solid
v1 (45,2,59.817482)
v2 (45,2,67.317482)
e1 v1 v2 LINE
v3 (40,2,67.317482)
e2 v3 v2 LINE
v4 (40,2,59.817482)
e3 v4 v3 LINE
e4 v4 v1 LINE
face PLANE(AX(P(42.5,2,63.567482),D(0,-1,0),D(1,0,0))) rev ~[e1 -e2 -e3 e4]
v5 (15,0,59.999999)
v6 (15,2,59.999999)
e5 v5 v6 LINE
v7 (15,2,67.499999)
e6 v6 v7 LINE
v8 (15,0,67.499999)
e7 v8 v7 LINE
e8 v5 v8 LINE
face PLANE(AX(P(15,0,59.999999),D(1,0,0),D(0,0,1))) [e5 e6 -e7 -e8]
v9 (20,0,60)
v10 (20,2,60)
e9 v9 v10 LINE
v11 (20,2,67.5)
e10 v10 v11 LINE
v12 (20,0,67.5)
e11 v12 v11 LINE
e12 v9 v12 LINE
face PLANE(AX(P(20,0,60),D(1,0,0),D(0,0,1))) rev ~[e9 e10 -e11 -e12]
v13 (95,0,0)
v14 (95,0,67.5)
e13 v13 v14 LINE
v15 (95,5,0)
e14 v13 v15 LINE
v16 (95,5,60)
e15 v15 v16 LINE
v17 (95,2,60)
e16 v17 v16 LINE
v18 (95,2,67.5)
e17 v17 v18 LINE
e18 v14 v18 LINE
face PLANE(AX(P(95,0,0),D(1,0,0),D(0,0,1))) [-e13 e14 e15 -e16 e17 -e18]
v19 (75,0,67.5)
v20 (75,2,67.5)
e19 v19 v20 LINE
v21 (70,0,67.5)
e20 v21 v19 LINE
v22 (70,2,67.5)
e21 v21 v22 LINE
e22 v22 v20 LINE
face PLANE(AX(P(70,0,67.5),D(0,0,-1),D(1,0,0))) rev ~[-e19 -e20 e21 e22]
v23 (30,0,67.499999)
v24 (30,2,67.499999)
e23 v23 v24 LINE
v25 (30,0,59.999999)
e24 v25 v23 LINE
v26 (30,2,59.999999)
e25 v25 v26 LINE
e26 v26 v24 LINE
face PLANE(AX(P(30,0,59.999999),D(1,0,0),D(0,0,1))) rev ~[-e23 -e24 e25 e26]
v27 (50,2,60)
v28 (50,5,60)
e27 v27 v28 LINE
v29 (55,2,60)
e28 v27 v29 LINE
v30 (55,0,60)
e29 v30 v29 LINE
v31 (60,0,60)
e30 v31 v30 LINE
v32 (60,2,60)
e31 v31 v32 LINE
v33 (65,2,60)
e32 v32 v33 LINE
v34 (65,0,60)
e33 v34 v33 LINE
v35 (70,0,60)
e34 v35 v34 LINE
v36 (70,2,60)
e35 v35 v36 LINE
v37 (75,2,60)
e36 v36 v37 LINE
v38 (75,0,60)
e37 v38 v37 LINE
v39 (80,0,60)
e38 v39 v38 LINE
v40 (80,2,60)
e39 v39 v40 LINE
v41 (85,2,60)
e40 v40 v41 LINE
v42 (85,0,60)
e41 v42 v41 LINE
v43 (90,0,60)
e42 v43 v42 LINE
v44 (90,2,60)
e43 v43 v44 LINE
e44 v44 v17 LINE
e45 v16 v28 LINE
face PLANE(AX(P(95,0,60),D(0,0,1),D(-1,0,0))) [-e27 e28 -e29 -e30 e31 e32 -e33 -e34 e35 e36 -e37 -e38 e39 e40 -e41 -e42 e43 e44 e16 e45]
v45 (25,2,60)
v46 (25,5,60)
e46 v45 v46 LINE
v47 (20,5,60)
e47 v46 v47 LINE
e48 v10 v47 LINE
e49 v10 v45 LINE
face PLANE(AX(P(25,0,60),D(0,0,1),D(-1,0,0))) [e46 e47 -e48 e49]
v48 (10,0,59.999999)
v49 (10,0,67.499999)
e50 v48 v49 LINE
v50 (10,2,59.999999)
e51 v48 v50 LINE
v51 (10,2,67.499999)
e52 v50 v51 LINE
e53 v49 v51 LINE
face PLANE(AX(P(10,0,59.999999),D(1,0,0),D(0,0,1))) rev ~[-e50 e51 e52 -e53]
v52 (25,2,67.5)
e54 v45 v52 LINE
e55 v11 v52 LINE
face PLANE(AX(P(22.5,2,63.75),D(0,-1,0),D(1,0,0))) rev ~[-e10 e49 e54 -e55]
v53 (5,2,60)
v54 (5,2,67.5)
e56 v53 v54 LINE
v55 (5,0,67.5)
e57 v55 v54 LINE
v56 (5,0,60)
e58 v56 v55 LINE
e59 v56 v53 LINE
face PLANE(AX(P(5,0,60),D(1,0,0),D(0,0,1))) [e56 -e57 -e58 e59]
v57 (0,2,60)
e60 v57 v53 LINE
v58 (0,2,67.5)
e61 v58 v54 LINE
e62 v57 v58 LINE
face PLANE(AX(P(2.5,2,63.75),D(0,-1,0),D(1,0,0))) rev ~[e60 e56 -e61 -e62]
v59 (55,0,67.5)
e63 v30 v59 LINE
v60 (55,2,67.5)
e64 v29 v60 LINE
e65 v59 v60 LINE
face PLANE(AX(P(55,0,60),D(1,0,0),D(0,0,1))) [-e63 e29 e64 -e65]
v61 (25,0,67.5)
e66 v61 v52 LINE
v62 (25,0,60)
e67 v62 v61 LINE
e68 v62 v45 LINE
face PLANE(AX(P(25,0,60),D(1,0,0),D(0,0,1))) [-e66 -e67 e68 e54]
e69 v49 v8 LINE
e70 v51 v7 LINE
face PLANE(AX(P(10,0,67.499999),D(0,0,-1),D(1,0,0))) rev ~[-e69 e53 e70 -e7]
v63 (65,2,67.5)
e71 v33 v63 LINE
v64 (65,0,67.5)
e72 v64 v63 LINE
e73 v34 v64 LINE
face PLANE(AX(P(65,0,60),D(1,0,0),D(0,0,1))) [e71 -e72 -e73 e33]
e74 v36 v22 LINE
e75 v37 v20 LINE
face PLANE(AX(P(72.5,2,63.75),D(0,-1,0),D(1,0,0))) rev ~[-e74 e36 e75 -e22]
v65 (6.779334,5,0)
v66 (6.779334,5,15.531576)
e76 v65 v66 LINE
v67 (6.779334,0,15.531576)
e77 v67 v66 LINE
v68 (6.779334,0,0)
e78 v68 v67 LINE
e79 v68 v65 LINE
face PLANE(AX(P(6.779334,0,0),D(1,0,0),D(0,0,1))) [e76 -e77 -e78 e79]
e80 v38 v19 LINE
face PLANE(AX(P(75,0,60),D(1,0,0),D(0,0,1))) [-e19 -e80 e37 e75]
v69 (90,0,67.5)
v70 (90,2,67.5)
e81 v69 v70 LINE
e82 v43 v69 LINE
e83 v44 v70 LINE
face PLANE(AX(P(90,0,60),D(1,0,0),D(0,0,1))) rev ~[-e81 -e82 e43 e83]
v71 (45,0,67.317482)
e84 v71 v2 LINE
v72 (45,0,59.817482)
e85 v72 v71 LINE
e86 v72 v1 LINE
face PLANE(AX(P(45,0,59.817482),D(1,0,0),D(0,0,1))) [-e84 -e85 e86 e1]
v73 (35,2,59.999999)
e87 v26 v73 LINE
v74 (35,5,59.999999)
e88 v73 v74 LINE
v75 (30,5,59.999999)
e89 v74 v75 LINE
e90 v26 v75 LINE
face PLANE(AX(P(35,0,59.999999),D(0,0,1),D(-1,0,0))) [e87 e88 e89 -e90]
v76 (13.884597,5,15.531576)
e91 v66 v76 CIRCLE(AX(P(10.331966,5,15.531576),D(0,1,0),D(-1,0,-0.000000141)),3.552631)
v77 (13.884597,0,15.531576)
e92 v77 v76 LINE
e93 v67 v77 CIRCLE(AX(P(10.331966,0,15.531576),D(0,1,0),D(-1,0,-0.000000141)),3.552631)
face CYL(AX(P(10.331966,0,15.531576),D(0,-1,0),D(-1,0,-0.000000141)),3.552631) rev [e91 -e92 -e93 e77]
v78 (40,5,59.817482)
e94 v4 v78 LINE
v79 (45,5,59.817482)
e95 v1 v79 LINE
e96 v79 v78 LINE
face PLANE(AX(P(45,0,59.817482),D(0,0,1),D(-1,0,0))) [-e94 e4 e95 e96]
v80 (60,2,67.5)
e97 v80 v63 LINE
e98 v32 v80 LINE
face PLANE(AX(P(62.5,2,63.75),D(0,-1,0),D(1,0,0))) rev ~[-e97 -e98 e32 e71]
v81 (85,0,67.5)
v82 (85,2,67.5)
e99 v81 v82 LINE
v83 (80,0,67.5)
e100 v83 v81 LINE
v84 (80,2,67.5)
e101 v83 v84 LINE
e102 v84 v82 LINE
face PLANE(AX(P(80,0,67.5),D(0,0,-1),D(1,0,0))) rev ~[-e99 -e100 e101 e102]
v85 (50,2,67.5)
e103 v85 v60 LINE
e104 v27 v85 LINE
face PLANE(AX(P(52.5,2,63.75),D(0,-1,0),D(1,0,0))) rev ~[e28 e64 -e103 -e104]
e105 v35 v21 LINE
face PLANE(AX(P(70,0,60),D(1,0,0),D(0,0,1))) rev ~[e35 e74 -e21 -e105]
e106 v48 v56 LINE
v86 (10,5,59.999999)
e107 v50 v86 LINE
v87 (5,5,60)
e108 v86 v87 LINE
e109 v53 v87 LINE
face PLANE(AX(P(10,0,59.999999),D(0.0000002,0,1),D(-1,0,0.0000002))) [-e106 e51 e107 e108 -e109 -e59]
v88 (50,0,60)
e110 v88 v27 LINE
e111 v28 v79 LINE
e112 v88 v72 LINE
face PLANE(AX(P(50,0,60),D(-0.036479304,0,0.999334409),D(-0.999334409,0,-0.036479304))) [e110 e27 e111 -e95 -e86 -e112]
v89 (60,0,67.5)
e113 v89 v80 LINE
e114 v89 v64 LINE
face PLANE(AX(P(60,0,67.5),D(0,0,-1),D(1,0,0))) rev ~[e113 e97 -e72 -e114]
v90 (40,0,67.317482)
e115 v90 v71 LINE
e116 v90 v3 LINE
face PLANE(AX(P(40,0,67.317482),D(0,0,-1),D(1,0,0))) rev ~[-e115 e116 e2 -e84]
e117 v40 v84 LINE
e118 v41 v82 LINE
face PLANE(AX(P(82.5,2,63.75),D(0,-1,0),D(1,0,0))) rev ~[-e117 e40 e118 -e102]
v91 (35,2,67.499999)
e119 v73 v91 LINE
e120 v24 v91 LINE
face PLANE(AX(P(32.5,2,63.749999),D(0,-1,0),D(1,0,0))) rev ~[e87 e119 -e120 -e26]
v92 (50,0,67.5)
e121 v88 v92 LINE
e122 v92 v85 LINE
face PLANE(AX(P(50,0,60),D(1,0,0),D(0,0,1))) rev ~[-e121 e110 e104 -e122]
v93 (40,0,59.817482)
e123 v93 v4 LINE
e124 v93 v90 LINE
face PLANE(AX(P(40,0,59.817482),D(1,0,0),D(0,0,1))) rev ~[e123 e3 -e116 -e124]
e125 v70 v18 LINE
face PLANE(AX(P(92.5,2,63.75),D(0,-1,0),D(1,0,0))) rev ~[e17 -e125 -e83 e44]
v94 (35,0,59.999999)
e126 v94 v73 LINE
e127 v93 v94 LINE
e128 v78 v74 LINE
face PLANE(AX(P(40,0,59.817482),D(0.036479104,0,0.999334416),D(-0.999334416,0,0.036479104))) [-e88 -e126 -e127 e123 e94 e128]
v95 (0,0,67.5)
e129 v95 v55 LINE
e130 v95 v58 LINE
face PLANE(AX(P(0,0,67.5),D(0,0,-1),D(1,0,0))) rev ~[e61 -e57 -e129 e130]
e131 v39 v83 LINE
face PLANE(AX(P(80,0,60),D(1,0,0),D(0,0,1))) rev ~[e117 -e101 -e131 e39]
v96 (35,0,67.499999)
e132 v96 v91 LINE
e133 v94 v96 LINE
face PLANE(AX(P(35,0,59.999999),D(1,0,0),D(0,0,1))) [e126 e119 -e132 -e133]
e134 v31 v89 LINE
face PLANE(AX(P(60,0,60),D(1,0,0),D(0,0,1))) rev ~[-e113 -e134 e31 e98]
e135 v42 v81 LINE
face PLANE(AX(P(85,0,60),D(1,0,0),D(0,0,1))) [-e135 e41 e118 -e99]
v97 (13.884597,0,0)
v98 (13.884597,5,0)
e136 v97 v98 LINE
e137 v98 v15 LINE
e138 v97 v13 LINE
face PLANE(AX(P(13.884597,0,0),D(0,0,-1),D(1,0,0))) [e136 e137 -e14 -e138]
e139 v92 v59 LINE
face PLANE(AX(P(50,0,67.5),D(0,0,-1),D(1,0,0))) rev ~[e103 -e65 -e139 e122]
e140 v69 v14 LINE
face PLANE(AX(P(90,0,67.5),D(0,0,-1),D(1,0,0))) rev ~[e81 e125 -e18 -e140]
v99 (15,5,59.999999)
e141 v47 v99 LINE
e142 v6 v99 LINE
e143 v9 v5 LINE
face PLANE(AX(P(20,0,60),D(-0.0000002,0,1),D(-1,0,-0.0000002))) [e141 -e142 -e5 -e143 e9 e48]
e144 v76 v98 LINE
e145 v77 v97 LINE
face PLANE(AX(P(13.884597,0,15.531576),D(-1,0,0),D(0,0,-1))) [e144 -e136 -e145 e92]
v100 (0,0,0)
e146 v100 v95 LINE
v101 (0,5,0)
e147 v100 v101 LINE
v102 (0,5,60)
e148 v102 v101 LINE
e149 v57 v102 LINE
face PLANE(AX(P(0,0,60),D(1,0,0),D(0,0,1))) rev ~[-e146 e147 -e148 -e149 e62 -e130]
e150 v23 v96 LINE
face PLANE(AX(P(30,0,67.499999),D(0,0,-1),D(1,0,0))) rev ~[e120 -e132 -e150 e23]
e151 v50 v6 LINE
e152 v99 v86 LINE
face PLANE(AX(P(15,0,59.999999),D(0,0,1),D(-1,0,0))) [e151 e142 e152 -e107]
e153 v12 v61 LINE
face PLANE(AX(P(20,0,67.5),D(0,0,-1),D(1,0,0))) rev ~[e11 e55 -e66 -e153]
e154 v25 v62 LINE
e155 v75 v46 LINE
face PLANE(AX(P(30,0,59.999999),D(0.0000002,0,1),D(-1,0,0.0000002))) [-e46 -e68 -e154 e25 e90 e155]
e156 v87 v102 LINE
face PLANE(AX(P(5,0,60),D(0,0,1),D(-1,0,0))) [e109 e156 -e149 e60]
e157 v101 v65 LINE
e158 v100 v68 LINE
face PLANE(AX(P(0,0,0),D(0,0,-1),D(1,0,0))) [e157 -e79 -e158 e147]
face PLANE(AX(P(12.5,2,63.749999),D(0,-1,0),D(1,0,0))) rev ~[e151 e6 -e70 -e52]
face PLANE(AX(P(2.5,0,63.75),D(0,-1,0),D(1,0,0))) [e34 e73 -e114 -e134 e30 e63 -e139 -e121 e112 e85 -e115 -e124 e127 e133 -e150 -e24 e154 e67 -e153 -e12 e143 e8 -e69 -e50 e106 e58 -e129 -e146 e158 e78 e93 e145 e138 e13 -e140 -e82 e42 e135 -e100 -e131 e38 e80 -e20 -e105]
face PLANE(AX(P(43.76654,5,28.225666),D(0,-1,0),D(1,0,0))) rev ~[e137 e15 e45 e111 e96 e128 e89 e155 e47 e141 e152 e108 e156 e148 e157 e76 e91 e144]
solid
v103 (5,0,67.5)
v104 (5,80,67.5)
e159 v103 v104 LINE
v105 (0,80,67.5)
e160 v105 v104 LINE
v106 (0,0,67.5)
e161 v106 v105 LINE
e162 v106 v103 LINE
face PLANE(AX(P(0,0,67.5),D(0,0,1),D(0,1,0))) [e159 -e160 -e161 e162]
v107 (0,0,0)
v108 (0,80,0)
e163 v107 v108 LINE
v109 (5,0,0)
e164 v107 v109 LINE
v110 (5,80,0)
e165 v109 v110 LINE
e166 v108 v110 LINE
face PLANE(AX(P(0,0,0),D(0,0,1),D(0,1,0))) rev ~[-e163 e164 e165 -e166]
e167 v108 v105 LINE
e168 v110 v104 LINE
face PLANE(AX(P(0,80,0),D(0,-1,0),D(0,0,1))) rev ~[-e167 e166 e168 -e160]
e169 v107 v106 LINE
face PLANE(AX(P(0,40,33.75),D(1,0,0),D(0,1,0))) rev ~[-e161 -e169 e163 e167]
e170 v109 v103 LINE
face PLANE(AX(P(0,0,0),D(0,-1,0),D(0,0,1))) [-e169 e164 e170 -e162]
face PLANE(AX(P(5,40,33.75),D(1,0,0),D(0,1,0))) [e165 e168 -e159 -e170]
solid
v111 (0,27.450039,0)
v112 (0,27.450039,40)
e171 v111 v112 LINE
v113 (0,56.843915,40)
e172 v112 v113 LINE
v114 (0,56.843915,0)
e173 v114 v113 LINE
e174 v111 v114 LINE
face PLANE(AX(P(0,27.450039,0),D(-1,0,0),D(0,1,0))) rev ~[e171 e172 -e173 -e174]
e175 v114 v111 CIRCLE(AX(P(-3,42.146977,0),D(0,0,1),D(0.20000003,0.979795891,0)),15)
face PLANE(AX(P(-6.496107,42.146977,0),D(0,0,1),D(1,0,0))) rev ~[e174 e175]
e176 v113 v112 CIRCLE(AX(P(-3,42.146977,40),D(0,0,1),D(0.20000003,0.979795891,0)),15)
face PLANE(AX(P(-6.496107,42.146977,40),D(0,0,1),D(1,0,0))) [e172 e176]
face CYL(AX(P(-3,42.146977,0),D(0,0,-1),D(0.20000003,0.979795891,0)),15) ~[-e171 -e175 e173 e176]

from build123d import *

# Parameters (mm, degrees)
F3_DEPTH = 40
F4_DEPTH = 5
F0_W     = 5
F0_H     = 7.5
F5_DEPTH = 2
F1_W     = 80
F1_H     = 67.5
F6_DEPTH = 5


with BuildPart() as f3:
    # F2 (on Top) → F3 (new body)
    with BuildSketch(Plane.XY):
        with BuildLine():
            Line((0, 27.450039), (0, 56.843915))
            ThreePointArc((0, 56.843915), (-18, 42.146977), (0, 27.450039))
        make_face()
    extrude(amount=F3_DEPTH)


with BuildPart() as f4:
    # F0 (on Front) → F4 (new body)
    with BuildSketch(Plane.XZ):
        with BuildLine():
            Line((0, 60), (0, 0))
            Line((0, 0), (6.779334, 0))
            Line((6.779334, 0), (6.779334, 15.531576))
            ThreePointArc((6.779334, 15.531576), (10.331965, 19.084208), (13.884597, 15.531576))
            Line((13.884597, 15.531576), (13.884597, 0))
            Line((13.884597, 0), (95, 0))
            Line((95, 0), (95, 60))
            Line((95, 60), (90, 60))
            Line((90, 60), (85, 60))
            Line((85, 60), (80, 60))
            Line((80, 60), (75, 60))
            Line((75, 60), (70, 60))
            Line((70, 60), (65, 60))
            Line((65, 60), (60, 60))
            Line((60, 60), (55, 60))
            Line((55, 60), (50, 60))
            Line((50, 60), (45, 59.817482))
            Line((45, 59.817482), (40, 59.817482))
            Line((40, 59.817482), (35, 59.999999))
            Line((35, 59.999999), (30, 59.999999))
            Line((30, 59.999999), (25, 60))
            Line((25, 60), (20, 60))
            Line((20, 60), (15, 59.999999))
            Line((15, 59.999999), (10, 59.999999))
            Line((10, 59.999999), (5, 60))
            Line((5, 60), (0, 60))
        make_face()
    extrude(amount=-F4_DEPTH)

    # F0 (on Front) → F5 (join)
    with BuildSketch(Plane.XZ):
        with Locations((2.5, 63.75)):
            Rectangle(F0_W, F0_H)
        with Locations((12.5, 63.749999)):
            Rectangle(F0_W, F0_H)
        with Locations((22.5, 63.75)):
            Rectangle(F0_W, F0_H)
        with Locations((32.5, 63.749999)):
            Rectangle(F0_W, F0_H)
        with Locations((42.5, 63.567482)):
            Rectangle(F0_W, F0_H)
        with Locations((52.5, 63.75)):
            Rectangle(F0_W, F0_H)
        with Locations((62.5, 63.75)):
            Rectangle(F0_W, F0_H)
        with Locations((72.5, 63.75)):
            Rectangle(F0_W, F0_H)
        with Locations((82.5, 63.75)):
            Rectangle(F0_W, F0_H)
        with Locations((92.5, 63.75)):
            Rectangle(F0_W, F0_H)
    extrude(amount=-F5_DEPTH)


with BuildPart() as f6:
    # F1 (on Right) → F6 (new body)
    with BuildSketch(Plane.YZ):
        with Locations((40, 33.75)):
            Rectangle(F1_W, F1_H)
    extrude(amount=F6_DEPTH)


solid = Compound([f3.part, f4.part, f6.part])
